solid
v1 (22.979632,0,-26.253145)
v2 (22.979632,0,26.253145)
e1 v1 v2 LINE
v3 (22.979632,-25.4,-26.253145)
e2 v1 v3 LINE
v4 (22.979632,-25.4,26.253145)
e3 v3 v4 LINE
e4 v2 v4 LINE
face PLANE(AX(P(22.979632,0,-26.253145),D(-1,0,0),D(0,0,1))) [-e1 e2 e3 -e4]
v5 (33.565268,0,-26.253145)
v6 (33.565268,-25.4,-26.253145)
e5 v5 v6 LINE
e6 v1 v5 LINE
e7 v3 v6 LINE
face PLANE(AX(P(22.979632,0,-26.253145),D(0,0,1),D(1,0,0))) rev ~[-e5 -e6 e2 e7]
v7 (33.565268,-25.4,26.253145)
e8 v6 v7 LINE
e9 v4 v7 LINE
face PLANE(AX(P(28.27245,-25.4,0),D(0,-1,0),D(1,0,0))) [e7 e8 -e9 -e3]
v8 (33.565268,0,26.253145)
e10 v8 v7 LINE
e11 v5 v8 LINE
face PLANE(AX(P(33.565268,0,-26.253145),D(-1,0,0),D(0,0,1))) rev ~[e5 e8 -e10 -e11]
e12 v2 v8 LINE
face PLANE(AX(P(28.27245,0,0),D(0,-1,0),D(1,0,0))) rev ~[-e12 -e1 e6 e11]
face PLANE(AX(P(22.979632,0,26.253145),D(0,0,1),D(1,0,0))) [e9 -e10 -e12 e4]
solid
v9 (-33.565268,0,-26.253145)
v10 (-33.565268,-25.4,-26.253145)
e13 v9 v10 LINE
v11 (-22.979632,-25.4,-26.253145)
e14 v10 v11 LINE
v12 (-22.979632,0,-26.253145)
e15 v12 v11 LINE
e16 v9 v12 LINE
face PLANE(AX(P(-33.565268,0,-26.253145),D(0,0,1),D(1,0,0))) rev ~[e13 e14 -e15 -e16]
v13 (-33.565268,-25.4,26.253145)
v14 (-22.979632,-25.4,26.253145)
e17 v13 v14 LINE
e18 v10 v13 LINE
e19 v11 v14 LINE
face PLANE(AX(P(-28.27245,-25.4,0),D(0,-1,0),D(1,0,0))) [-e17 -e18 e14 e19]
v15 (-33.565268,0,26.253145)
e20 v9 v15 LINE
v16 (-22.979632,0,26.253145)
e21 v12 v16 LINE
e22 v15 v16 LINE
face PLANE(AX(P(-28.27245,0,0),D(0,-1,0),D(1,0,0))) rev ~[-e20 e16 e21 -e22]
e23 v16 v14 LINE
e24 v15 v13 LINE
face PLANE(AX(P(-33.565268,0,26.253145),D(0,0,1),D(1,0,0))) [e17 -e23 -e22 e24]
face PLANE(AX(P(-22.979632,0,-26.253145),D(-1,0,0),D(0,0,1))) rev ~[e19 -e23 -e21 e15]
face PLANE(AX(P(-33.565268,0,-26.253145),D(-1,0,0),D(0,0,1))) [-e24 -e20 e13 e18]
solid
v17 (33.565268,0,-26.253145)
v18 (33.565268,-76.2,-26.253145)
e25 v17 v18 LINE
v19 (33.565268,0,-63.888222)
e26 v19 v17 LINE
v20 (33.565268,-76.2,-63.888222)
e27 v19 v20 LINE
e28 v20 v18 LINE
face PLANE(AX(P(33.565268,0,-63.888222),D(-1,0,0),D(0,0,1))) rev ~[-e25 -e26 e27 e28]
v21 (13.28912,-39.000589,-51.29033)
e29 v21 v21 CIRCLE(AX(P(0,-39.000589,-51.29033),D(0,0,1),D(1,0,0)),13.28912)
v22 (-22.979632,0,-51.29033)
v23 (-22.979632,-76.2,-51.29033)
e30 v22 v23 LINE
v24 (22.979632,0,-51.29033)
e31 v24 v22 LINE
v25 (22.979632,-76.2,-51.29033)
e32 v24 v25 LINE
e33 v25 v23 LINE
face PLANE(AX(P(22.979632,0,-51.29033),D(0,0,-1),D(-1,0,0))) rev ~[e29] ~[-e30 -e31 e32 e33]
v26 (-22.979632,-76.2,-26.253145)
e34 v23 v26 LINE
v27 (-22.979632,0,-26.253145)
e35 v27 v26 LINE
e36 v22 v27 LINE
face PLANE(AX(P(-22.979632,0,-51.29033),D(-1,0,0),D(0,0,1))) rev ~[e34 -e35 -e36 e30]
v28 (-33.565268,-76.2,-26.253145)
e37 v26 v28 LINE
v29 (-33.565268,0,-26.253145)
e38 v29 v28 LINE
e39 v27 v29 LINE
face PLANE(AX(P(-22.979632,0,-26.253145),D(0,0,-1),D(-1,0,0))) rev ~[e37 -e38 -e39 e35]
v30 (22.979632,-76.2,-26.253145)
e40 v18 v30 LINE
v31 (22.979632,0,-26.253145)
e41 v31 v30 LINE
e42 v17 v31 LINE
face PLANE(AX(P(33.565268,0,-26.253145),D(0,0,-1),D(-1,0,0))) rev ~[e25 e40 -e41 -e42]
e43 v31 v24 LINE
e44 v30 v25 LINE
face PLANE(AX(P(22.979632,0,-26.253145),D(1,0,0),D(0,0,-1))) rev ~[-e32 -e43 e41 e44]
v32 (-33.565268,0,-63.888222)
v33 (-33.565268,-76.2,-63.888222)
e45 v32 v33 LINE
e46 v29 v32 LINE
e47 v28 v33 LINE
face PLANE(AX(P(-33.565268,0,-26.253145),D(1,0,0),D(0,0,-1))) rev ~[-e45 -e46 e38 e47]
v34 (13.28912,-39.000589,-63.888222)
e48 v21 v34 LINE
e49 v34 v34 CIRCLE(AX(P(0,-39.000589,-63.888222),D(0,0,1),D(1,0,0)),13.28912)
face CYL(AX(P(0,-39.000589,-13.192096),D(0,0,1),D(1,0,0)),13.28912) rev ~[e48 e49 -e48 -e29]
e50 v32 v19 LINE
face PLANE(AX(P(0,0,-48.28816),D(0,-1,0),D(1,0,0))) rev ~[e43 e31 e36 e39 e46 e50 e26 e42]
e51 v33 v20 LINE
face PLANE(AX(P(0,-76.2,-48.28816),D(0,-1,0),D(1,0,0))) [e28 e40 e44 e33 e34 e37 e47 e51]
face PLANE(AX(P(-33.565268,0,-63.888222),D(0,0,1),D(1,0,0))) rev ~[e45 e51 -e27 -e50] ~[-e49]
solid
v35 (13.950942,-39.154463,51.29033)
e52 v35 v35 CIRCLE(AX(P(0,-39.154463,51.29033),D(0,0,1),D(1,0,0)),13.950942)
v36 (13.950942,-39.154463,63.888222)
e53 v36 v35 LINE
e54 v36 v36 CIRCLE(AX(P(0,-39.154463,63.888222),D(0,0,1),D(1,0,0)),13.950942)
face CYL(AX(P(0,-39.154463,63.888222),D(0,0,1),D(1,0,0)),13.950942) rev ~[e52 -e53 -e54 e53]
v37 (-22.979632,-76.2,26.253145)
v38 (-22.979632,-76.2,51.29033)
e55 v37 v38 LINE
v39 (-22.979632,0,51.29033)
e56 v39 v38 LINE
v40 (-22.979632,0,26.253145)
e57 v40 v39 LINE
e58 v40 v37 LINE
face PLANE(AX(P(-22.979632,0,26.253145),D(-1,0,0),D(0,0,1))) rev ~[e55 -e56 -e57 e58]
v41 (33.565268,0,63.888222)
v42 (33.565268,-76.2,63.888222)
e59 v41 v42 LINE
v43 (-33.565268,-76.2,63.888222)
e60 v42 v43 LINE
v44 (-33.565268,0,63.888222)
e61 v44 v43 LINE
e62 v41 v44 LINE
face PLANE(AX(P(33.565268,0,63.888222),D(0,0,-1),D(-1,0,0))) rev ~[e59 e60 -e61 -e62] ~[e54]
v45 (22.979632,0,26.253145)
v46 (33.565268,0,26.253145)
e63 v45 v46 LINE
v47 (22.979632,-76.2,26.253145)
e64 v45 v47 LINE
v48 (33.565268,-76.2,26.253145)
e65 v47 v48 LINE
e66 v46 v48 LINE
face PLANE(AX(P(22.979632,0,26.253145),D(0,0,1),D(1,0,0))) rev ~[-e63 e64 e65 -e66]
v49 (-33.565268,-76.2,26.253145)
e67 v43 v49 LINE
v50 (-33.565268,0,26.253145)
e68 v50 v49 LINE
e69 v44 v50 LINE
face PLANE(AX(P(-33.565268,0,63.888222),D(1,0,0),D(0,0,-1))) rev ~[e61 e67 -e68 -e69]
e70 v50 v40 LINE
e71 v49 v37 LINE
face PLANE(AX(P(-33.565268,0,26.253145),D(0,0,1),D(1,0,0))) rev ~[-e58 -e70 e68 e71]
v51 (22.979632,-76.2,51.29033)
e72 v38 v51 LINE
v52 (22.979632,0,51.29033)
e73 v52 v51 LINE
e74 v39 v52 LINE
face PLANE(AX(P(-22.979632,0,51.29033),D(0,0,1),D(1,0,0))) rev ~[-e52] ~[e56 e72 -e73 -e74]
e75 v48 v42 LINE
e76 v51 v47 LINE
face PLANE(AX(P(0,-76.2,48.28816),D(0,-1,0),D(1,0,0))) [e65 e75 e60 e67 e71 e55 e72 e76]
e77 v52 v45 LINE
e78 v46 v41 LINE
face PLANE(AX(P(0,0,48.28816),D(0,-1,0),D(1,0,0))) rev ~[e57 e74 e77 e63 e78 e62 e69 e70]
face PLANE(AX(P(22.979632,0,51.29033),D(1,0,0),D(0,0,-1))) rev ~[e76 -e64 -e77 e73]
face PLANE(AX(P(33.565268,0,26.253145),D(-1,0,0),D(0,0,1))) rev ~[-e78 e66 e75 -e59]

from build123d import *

# Parameters (mm, degrees)
F1_DEPTH = 76.2
F2_DEPTH = 76.2
F0_W     = 10.5856359005
F0_H     = 52.5062903762
F3_DEPTH = 25.4
F4_DEPTH = 25.4
F6_START = -13.1920957938
F5_R     = 13.2891198287
F6_DEPTH = 113.8079042062
F7_R     = 13.9509416412
F8_DEPTH = 127


with BuildPart() as f1:
    # F0 (on Front) → F1 (new body)
    with BuildSketch(Plane.XZ):
        Polygon((33.5652679205, 26.2531451881), (33.5652679205, 63.8882219791), (-33.5652679205, 63.8882219791), (-33.5652679205, 26.2531451881), (-22.97963202, 26.2531451881), (-22.97963202, 51.2903295457), (22.97963202, 51.2903295457), (22.97963202, 26.2531451881), align=None)
    extrude(amount=F1_DEPTH)

    # F7 (on face) → F8 (cut)
    with BuildSketch(Plane.XY.offset(63.8882219791)):
        with Locations((0, -39.1544625163)):
            Circle(F7_R)
    extrude(amount=-F8_DEPTH, mode=Mode.SUBTRACT)


with BuildPart() as f2:
    # F0 (on Front) → F2 (new body)
    with BuildSketch(Plane.XZ):
        Polygon((33.5652679205, -63.8882219791), (33.5652679205, -26.2531451881), (22.97963202, -26.2531451881), (22.97963202, -51.2903295457), (-22.97963202, -51.2903295457), (-22.97963202, -26.2531451881), (-33.5652679205, -26.2531451881), (-33.5652679205, -63.8882219791), align=None)
    extrude(amount=F2_DEPTH)

    # F5 (on Top) → F6 (cut)
    with BuildSketch(Plane.XY.offset(F6_START)):
        with Locations((0, -39.0005894005)):
            Circle(F5_R)
    extrude(amount=-F6_DEPTH, mode=Mode.SUBTRACT)


with BuildPart() as f3:
    # F0 (on Front) → F3 (new body)
    with BuildSketch(Plane.XZ):
        with Locations((-28.2724499702, 0)):
            Rectangle(F0_W, F0_H)
    extrude(amount=F3_DEPTH)


with BuildPart() as f4:
    # F0 (on Front) → F4 (new body)
    with BuildSketch(Plane.XZ):
        with Locations((28.2724499702, 0)):
            Rectangle(F0_W, F0_H)
    extrude(amount=F4_DEPTH)


solid = Compound([f1.part, f2.part, f3.part, f4.part])
